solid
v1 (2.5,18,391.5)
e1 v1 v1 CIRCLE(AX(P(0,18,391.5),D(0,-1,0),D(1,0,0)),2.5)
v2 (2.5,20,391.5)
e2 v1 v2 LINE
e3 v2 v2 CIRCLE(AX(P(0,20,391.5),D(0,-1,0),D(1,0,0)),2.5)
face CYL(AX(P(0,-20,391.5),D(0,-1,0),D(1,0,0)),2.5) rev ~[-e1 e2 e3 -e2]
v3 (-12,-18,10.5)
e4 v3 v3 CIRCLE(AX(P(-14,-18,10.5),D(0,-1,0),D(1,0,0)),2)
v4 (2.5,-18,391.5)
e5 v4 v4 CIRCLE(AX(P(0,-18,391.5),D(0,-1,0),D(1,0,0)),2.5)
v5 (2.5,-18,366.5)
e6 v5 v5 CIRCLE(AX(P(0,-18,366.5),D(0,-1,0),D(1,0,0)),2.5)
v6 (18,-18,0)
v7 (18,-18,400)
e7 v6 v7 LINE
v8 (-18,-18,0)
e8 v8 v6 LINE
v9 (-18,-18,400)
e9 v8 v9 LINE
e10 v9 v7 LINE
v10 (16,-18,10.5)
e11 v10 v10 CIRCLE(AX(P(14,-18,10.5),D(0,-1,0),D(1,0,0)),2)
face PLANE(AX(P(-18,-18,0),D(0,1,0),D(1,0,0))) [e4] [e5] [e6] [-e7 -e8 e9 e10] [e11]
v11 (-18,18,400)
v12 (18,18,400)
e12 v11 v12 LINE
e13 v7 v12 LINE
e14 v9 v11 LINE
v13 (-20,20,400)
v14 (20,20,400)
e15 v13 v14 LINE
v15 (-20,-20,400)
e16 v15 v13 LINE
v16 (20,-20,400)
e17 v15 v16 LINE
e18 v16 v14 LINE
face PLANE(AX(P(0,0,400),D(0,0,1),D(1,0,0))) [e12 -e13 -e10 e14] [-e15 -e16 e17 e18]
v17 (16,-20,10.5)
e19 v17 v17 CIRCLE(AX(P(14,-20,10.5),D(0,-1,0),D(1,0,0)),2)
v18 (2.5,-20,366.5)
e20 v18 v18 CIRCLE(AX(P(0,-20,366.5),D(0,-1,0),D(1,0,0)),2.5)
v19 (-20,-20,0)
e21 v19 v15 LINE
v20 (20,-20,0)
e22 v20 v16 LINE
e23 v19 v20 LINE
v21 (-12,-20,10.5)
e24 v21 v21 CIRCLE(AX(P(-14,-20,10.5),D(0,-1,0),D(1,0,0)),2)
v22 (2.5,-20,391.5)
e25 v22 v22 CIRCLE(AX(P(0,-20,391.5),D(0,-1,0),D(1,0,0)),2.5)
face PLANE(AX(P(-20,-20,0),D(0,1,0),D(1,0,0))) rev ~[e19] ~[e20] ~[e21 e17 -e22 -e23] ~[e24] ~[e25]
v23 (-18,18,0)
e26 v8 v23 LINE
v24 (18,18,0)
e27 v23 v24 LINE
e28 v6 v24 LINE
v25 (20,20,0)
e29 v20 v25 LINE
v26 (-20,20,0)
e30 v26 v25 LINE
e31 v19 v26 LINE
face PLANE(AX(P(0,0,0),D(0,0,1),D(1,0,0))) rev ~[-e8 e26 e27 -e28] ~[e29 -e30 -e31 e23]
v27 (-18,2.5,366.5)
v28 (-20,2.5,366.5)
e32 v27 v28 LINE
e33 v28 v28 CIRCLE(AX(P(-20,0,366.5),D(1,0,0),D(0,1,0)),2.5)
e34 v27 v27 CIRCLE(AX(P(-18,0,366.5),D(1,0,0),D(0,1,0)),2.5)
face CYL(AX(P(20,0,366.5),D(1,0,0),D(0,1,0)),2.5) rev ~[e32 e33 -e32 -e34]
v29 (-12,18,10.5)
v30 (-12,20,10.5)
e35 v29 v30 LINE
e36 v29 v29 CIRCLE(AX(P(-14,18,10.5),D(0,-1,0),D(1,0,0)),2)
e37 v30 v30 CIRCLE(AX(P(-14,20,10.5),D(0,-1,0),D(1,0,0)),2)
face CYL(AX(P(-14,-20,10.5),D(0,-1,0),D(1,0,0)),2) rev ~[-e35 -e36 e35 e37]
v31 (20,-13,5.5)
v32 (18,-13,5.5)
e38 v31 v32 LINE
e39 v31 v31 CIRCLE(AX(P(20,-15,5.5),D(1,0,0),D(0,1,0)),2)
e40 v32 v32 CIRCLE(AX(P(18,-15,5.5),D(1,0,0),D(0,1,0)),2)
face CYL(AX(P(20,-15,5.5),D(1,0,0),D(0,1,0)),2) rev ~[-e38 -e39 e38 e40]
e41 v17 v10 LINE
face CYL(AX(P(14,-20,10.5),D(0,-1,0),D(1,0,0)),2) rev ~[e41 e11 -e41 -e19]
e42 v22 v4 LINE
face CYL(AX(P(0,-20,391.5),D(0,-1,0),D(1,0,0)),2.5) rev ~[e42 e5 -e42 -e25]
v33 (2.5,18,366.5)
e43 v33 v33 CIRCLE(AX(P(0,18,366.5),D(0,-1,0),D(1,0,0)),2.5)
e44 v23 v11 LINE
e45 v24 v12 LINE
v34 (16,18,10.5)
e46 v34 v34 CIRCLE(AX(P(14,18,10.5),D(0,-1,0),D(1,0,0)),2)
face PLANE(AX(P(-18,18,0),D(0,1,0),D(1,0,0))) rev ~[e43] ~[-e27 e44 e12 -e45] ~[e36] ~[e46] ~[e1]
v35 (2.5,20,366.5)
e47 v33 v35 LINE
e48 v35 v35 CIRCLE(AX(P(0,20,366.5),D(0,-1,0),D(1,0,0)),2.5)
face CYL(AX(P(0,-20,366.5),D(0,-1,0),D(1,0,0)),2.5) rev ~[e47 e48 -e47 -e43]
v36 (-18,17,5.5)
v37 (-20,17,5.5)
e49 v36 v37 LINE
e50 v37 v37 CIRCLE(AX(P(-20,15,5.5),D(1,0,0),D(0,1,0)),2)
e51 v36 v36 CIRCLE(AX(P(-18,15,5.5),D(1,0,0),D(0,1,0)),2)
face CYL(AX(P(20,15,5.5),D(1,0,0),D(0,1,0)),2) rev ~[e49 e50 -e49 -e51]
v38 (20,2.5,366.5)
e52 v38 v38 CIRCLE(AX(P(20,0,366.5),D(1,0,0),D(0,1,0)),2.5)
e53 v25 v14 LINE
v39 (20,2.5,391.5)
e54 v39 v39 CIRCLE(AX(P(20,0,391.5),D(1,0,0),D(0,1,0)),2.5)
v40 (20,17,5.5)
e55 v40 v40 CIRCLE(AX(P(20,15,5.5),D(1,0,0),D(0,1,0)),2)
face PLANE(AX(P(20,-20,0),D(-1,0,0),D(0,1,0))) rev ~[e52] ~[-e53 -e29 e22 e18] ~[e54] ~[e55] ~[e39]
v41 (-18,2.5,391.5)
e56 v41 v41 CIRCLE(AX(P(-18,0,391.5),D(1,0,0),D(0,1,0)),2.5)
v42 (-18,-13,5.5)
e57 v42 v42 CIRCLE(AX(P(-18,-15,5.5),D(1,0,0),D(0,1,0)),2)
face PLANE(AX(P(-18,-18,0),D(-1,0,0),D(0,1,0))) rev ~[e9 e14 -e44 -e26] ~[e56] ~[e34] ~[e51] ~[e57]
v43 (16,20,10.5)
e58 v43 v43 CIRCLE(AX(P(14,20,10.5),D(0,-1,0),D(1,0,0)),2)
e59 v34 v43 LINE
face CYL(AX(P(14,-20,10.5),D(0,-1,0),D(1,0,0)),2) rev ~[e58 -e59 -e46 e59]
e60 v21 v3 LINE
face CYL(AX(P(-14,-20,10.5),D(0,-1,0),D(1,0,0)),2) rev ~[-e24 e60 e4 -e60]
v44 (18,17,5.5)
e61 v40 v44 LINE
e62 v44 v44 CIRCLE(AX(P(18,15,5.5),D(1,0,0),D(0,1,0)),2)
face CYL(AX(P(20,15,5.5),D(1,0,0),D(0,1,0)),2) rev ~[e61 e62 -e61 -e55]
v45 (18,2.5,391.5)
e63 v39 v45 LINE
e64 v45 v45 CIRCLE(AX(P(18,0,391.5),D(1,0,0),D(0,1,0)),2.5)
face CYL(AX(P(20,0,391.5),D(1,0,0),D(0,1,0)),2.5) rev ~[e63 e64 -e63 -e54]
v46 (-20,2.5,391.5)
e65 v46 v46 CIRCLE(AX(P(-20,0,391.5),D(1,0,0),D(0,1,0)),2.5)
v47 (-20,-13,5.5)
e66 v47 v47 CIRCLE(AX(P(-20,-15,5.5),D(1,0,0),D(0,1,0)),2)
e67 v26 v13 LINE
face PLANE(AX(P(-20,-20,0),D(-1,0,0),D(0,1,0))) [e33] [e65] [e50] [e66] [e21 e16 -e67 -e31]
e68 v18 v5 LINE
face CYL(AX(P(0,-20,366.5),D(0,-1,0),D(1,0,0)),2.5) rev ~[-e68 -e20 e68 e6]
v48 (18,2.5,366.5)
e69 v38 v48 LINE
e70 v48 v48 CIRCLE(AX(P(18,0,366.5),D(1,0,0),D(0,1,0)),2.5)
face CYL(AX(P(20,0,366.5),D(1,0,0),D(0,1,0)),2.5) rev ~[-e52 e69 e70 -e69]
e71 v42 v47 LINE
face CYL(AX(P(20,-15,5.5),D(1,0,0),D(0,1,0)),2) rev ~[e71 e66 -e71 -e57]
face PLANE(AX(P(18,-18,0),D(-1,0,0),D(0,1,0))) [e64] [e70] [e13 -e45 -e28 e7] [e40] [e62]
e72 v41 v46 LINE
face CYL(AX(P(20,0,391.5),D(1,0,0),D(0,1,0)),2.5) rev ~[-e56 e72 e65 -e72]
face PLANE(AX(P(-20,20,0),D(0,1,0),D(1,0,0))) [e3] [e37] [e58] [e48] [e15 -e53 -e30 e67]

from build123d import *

# Parameters (mm, degrees)
F0_W     = 40
F0_H     = 40
F0_W_2   = 36
F0_H_2   = 36
F1_DEPTH = 400
F2_R     = 2
F3_DEPTH = 40
F4_R     = 2
F5_DEPTH = 40
F6_R     = 2.5
F7_DEPTH = 40
F8_R     = 2.5
F9_DEPTH = 40


with BuildPart() as f1:
    # F0 (on Top) → F1 (new body)
    with BuildSketch(Plane.XY):
        Rectangle(F0_W, F0_H)
        Rectangle(F0_W_2, F0_H_2, mode=Mode.SUBTRACT)
    extrude(amount=F1_DEPTH)

    # F2 (on face) → F3 (cut)
    with BuildSketch(Plane.YZ.offset(20)):
        with Locations((-15, 5.5)):
            Circle(F2_R)
        with Locations((15, 5.5)):
            Circle(F2_R)
    extrude(amount=-F3_DEPTH, mode=Mode.SUBTRACT)

    # F4 (on face) → F5 (cut)
    with BuildSketch(Plane.XZ.offset(20)):
        with Locations((-14, 10.5)):
            Circle(F4_R)
        with Locations((14, 10.5)):
            Circle(F4_R)
    extrude(amount=-F5_DEPTH, mode=Mode.SUBTRACT)

    # F6 (on face) → F7 (cut)
    with BuildSketch(Plane.YZ.offset(20)):
        with Locations((0, 391.5)):
            Circle(F6_R)
        with Locations((0, 366.5)):
            Circle(F6_R)
    extrude(amount=-F7_DEPTH, mode=Mode.SUBTRACT)

    # F8 (on face) → F9 (cut)
    with BuildSketch(Plane.XZ.offset(20)):
        with Locations((0, 391.5)):
            Circle(F8_R)
        with Locations((0, 366.5)):
            Circle(F8_R)
    extrude(amount=-F9_DEPTH, mode=Mode.SUBTRACT)


solid = f1.part
